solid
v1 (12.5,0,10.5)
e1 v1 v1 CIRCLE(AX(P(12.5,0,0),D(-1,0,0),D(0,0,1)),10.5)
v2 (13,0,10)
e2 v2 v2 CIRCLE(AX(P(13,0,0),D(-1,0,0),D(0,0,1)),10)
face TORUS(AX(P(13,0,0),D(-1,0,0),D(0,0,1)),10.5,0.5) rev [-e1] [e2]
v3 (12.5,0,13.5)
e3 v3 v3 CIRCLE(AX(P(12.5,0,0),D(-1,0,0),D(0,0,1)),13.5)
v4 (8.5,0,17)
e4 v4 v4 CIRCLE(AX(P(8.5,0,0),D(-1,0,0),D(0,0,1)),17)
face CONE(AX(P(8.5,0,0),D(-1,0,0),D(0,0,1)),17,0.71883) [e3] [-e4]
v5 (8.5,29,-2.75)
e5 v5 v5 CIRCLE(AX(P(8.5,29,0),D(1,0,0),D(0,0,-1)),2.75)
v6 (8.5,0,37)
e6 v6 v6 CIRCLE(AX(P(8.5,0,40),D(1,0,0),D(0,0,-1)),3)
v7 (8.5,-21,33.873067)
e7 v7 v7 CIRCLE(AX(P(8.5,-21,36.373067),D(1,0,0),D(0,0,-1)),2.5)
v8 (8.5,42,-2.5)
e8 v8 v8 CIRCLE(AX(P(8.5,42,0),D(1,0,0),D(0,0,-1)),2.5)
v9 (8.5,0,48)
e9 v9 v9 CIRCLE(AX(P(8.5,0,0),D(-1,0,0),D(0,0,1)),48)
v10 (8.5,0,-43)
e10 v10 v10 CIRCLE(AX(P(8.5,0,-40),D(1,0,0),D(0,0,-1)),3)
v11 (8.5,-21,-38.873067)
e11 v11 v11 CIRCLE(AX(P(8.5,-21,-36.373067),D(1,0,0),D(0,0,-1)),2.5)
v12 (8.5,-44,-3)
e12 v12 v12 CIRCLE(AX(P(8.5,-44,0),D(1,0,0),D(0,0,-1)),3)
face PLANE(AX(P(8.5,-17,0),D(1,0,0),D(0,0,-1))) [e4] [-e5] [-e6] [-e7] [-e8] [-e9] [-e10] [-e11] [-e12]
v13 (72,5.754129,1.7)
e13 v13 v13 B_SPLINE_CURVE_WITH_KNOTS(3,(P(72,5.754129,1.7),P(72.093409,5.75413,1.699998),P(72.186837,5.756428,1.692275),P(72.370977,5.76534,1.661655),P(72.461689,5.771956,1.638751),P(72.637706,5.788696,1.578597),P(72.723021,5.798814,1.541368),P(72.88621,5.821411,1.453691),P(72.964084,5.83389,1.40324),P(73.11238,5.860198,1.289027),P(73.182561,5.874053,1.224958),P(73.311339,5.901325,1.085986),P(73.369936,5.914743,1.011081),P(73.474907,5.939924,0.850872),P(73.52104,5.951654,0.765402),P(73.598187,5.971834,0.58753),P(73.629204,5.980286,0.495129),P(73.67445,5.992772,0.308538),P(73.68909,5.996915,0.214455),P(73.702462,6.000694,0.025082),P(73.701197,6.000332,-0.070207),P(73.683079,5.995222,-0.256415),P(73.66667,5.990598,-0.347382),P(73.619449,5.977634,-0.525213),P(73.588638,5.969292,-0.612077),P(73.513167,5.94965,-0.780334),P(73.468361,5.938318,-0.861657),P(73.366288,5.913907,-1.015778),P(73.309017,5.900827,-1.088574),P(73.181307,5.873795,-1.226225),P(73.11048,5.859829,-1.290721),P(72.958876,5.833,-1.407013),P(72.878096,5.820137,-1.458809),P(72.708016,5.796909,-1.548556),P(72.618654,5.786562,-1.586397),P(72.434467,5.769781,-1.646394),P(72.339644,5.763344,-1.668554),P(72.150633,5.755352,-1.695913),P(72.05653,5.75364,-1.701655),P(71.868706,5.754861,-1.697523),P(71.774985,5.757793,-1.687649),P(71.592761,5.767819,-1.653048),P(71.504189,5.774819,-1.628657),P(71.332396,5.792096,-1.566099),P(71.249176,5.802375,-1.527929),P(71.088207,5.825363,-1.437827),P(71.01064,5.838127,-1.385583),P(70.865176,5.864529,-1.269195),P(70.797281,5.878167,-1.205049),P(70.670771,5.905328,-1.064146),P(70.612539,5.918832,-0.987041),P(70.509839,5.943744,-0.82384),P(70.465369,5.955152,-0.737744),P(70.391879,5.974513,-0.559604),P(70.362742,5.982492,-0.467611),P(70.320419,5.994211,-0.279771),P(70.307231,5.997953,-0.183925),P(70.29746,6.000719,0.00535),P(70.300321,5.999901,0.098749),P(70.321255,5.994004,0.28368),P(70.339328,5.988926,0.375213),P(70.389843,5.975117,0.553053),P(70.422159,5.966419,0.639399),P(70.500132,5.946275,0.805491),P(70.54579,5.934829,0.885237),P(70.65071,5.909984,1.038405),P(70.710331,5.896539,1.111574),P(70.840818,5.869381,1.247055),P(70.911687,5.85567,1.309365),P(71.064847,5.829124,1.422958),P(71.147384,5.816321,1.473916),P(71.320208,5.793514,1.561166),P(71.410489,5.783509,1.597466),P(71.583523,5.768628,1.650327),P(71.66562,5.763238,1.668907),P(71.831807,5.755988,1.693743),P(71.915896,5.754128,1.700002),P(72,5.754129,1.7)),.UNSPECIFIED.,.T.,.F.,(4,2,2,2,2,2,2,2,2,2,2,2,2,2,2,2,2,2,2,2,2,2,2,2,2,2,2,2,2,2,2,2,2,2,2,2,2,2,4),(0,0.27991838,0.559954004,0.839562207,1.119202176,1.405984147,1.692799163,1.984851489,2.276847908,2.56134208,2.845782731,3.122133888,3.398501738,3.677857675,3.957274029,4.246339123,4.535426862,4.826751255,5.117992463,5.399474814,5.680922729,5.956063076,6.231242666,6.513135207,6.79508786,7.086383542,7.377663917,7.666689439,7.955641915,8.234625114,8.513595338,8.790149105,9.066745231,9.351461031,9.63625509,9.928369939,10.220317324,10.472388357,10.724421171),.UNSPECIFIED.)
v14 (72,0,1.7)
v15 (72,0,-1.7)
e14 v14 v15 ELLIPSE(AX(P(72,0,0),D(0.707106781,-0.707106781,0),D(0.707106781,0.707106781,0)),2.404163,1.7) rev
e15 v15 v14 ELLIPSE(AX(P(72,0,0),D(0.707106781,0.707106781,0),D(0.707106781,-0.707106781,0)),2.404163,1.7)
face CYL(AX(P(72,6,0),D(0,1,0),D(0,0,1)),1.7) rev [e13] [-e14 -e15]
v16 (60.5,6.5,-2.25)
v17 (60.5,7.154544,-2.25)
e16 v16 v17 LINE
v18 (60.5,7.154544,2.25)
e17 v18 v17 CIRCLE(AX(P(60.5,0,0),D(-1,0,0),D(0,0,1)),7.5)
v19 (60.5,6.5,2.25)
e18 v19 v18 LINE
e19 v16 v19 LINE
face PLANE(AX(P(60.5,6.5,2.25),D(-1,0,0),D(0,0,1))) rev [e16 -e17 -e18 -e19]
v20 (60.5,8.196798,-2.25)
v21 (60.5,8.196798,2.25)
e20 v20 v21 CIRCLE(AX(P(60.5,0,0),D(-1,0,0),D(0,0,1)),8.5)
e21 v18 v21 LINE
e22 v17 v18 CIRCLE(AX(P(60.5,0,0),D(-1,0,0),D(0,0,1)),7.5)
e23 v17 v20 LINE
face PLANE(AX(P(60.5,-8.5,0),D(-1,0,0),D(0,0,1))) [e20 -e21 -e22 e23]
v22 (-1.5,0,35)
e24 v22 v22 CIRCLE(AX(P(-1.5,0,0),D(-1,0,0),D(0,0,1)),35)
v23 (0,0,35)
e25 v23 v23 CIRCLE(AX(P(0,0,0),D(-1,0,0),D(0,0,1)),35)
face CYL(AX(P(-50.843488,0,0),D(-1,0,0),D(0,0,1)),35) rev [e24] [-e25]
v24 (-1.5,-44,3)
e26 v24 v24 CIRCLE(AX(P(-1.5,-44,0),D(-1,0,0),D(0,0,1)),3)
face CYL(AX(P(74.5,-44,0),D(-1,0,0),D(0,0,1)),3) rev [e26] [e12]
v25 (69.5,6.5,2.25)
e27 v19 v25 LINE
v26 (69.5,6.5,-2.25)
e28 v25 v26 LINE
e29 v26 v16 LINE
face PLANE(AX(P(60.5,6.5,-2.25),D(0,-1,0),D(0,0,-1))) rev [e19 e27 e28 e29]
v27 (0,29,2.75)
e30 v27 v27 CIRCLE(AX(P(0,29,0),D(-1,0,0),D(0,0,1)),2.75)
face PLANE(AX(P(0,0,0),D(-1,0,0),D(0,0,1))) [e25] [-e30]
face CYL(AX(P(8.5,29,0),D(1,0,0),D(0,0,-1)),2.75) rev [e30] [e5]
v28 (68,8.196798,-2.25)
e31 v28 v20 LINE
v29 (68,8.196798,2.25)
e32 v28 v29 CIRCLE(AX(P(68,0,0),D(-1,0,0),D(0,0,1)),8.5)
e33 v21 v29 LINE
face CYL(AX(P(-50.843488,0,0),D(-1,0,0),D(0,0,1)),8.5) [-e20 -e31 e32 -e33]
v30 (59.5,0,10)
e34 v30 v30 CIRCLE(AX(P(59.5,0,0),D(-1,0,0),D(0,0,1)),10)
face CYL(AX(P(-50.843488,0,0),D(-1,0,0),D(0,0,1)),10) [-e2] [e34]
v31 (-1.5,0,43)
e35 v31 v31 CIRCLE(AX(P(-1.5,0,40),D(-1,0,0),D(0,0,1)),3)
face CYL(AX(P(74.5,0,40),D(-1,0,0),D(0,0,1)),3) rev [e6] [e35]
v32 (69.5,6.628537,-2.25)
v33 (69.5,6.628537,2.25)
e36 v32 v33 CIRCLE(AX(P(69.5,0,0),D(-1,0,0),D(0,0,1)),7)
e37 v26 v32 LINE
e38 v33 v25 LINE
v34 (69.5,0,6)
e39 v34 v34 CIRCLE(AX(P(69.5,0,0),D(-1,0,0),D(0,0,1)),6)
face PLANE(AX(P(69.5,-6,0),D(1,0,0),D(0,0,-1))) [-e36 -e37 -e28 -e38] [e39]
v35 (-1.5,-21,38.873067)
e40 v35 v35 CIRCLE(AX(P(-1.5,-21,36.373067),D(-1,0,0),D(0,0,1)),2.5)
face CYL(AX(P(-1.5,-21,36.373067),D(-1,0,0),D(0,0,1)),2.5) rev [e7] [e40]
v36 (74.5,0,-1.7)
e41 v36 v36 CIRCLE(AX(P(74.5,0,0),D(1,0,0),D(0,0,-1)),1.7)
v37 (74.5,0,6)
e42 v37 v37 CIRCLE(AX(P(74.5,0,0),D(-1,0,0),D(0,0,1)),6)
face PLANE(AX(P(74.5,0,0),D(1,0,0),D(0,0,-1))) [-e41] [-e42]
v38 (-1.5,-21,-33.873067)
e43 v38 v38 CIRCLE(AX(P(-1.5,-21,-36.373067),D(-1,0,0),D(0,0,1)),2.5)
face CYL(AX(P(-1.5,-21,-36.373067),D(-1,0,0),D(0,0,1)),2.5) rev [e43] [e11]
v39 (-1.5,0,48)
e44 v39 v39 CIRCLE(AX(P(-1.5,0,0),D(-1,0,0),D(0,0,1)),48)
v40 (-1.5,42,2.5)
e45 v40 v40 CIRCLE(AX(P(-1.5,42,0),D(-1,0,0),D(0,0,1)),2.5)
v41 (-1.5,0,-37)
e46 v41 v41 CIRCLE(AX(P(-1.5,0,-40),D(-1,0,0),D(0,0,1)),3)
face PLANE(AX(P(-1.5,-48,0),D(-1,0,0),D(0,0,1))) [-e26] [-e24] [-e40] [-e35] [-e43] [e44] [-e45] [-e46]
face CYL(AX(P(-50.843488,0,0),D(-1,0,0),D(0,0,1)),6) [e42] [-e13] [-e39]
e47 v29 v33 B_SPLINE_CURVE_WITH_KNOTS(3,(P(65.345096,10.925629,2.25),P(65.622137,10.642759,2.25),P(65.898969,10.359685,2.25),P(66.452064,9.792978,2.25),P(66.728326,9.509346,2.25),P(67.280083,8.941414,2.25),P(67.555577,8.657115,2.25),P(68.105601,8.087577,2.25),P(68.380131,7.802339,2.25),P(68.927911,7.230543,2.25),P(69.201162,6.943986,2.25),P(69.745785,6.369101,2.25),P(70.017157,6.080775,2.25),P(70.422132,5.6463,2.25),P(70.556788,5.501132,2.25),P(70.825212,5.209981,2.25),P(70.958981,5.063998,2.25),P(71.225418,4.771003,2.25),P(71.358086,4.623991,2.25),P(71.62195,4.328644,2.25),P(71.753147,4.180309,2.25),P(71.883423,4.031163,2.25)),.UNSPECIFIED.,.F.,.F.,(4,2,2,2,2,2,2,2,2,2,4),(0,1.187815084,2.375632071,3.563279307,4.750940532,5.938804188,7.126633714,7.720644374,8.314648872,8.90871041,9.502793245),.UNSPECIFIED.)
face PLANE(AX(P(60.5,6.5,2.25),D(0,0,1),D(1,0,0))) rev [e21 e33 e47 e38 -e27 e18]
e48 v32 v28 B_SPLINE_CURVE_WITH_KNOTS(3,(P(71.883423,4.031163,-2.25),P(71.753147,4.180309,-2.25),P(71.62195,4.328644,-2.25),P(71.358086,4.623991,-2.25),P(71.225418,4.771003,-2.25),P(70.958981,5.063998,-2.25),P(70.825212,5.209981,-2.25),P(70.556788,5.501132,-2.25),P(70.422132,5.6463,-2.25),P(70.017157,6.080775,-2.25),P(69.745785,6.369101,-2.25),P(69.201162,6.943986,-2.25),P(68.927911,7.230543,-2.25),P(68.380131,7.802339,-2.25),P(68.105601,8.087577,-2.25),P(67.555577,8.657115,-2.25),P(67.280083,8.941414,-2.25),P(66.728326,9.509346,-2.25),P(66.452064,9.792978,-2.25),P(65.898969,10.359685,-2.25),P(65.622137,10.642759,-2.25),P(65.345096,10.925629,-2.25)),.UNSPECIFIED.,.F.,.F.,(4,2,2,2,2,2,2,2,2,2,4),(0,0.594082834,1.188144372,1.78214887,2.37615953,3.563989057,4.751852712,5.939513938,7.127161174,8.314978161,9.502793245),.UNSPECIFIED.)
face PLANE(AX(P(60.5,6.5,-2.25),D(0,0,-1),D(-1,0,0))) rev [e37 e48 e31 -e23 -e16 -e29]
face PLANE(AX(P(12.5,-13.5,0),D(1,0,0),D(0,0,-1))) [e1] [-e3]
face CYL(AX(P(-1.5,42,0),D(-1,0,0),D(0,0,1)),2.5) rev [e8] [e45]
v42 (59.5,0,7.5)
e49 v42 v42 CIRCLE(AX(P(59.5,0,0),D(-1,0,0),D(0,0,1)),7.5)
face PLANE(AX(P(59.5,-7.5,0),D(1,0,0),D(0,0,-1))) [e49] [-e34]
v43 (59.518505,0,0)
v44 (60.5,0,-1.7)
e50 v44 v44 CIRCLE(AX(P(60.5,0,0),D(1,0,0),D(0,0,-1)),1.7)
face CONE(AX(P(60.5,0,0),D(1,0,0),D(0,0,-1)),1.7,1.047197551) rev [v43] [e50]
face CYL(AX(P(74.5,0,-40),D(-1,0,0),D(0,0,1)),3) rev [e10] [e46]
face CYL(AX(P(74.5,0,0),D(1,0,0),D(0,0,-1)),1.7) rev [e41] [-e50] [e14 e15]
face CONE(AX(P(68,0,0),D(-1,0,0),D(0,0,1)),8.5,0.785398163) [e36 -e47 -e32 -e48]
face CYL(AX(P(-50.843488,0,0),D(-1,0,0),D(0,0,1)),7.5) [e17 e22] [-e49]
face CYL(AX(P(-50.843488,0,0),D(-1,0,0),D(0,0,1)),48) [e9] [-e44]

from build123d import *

# Parameters (mm, degrees)
ESQUISSE3_R             = 3
ENL_V_MAT_EXTRU_1_DEPTH = 102.901913623
ESQUISSE7_R             = 3
ENL_V_MAT_EXTRU_2_DEPTH = 102.901913623
TROU_TARAUD_M63_D       = 5
TROU_TARAUD_M63_DEPTH   = 15
TROU_TARAUD_M63_TIP     = 1.502151548
D_GAGEMENT_M37_REACH    = 105.064
D_GAGEMENT_M37_BORE_R   = 1.7
ESQUISSE6_W             = 10.447703872
ESQUISSE6_H             = 4.5
ENL_V_MAT_EXTRU_3_DEPTH = 2
D_GAGEMENT_M51_D        = 5.5
D_GAGEMENT_M51_DEPTH    = 12
D_GAGEMENT_M51_TIP      = 1.652366702


with BuildPart() as part:
    # Esquisse1 → Révolution2 (revolve)
    with BuildSketch(Plane.XY, mode=Mode.PRIVATE) as r_volution2_sk:
        with BuildLine():
            Line((0, 0), (74.5, 0))
            Line((74.5, 0), (74.5, -6))
            Line((74.5, -6), (69.5, -6))
            Line((69.5, -6), (69.5, -7))
            Line((69.5, -7), (68, -8.5))
            Line((68, -8.5), (60.5, -8.5))
            Line((60.5, -8.5), (60.5, -7.5))
            Line((60.5, -7.5), (59.5, -7.5))
            Line((59.5, -7.5), (59.5, -10))
            Line((59.5, -10), (13, -10))
            ThreePointArc((13, -10), (12.646446609, -10.146446609), (12.5, -10.5))
            Line((12.5, -10.5), (12.5, -13.5))
            Line((12.5, -13.5), (8.5, -17))
            Line((8.5, -17), (8.5, -48))
            Line((8.5, -48), (-1.5, -48))
            Line((-1.5, -48), (-1.5, -35))
            Line((-1.5, -35), (0, -35))
            Line((0, -35), (0, 0))
        make_face()
    revolve(r_volution2_sk.sketch.rotate(Axis((-50.843487897, 0, 0), (1, 0, 0)), 270), axis=Axis((-50.843487897, 0, 0), (1, 0, 0)))

    # Esquisse2 → Dégagement M32 (revolve, cut)
    with BuildSketch(Plane(origin=(74.5, 0, 0), x_dir=(0, 0, -1), z_dir=(0, 1, 0))):
        Polygon((0, 0), (0, 14.981495458), (1.7, 14), (1.7, 0), align=None)
    revolve(axis=Axis((80.85, 0, 0), (-1, 0, 0)), mode=Mode.SUBTRACT)

    # Esquisse3 → Enlèv. mat.-Extru.1 (cut, through all)
    with BuildSketch(Plane.ZY.offset(1.5)):
        with Locations((-40, 0)):
            Circle(ESQUISSE3_R)
        with Locations((40, 0)):
            Circle(ESQUISSE3_R)
    extrude(amount=-ENL_V_MAT_EXTRU_1_DEPTH, mode=Mode.SUBTRACT)

    # Esquisse7 → Enlèv. mat.-Extru.2 (cut, through all)
    with BuildSketch(Plane.ZY.offset(1.5)):
        with Locations((0, -44)):
            Circle(ESQUISSE7_R)
    extrude(amount=-ENL_V_MAT_EXTRU_2_DEPTH, mode=Mode.SUBTRACT)

    # Trou taraudé M63
    with Locations(Plane(origin=(-1.5, 42, 0), x_dir=(0, 0, -1), z_dir=(-1, 0, 0))):
        with Locations((0, 0), (36.373066959, 63), (-36.373066959, 63)):
            Hole(TROU_TARAUD_M63_D / 2, depth=TROU_TARAUD_M63_DEPTH)
            with Locations((0, 0, -(TROU_TARAUD_M63_DEPTH + TROU_TARAUD_M63_TIP / 2))):  # 118° drill point
                Cone(0, TROU_TARAUD_M63_D / 2, TROU_TARAUD_M63_TIP, mode=Mode.SUBTRACT)

    # Dégagement M37 bore (on position points) → Dégagement M37 (cut, up to next)
    with BuildSketch(Plane(origin=(72, 6, 0), x_dir=(0, 0, 1), z_dir=(0, 1, 0)), mode=Mode.PRIVATE) as d_gagement_m37_sk1:
        Circle(D_GAGEMENT_M37_BORE_R)
    d_gagement_m37_tool1 = extrude(d_gagement_m37_sk1.sketch, amount=-D_GAGEMENT_M37_REACH, mode=Mode.PRIVATE) & part.part
    add(d_gagement_m37_tool1.solids().sort_by_distance((72, 6, 0))[0], mode=Mode.SUBTRACT)

    # Esquisse6 → Enlèv. mat.-Extru.3 (cut)
    with BuildSketch(Plane(origin=(0, 8.5, 0), x_dir=(-1, 0, 0), z_dir=(0, 1, 0))):
        with Locations((-65.723851936, 0)):
            Rectangle(ESQUISSE6_W, ESQUISSE6_H)
    extrude(amount=-ENL_V_MAT_EXTRU_3_DEPTH, mode=Mode.SUBTRACT)

    # Dégagement M51
    with Locations(Plane(origin=(8.5, 29, 0), x_dir=(0, 0, 1), z_dir=(1, 0, 0))):
        with Locations((0, 0)):
            Hole(D_GAGEMENT_M51_D / 2, depth=D_GAGEMENT_M51_DEPTH)
            with Locations((0, 0, -(D_GAGEMENT_M51_DEPTH + D_GAGEMENT_M51_TIP / 2))):  # 118° drill point
                Cone(0, D_GAGEMENT_M51_D / 2, D_GAGEMENT_M51_TIP, mode=Mode.SUBTRACT)


solid = part.part
